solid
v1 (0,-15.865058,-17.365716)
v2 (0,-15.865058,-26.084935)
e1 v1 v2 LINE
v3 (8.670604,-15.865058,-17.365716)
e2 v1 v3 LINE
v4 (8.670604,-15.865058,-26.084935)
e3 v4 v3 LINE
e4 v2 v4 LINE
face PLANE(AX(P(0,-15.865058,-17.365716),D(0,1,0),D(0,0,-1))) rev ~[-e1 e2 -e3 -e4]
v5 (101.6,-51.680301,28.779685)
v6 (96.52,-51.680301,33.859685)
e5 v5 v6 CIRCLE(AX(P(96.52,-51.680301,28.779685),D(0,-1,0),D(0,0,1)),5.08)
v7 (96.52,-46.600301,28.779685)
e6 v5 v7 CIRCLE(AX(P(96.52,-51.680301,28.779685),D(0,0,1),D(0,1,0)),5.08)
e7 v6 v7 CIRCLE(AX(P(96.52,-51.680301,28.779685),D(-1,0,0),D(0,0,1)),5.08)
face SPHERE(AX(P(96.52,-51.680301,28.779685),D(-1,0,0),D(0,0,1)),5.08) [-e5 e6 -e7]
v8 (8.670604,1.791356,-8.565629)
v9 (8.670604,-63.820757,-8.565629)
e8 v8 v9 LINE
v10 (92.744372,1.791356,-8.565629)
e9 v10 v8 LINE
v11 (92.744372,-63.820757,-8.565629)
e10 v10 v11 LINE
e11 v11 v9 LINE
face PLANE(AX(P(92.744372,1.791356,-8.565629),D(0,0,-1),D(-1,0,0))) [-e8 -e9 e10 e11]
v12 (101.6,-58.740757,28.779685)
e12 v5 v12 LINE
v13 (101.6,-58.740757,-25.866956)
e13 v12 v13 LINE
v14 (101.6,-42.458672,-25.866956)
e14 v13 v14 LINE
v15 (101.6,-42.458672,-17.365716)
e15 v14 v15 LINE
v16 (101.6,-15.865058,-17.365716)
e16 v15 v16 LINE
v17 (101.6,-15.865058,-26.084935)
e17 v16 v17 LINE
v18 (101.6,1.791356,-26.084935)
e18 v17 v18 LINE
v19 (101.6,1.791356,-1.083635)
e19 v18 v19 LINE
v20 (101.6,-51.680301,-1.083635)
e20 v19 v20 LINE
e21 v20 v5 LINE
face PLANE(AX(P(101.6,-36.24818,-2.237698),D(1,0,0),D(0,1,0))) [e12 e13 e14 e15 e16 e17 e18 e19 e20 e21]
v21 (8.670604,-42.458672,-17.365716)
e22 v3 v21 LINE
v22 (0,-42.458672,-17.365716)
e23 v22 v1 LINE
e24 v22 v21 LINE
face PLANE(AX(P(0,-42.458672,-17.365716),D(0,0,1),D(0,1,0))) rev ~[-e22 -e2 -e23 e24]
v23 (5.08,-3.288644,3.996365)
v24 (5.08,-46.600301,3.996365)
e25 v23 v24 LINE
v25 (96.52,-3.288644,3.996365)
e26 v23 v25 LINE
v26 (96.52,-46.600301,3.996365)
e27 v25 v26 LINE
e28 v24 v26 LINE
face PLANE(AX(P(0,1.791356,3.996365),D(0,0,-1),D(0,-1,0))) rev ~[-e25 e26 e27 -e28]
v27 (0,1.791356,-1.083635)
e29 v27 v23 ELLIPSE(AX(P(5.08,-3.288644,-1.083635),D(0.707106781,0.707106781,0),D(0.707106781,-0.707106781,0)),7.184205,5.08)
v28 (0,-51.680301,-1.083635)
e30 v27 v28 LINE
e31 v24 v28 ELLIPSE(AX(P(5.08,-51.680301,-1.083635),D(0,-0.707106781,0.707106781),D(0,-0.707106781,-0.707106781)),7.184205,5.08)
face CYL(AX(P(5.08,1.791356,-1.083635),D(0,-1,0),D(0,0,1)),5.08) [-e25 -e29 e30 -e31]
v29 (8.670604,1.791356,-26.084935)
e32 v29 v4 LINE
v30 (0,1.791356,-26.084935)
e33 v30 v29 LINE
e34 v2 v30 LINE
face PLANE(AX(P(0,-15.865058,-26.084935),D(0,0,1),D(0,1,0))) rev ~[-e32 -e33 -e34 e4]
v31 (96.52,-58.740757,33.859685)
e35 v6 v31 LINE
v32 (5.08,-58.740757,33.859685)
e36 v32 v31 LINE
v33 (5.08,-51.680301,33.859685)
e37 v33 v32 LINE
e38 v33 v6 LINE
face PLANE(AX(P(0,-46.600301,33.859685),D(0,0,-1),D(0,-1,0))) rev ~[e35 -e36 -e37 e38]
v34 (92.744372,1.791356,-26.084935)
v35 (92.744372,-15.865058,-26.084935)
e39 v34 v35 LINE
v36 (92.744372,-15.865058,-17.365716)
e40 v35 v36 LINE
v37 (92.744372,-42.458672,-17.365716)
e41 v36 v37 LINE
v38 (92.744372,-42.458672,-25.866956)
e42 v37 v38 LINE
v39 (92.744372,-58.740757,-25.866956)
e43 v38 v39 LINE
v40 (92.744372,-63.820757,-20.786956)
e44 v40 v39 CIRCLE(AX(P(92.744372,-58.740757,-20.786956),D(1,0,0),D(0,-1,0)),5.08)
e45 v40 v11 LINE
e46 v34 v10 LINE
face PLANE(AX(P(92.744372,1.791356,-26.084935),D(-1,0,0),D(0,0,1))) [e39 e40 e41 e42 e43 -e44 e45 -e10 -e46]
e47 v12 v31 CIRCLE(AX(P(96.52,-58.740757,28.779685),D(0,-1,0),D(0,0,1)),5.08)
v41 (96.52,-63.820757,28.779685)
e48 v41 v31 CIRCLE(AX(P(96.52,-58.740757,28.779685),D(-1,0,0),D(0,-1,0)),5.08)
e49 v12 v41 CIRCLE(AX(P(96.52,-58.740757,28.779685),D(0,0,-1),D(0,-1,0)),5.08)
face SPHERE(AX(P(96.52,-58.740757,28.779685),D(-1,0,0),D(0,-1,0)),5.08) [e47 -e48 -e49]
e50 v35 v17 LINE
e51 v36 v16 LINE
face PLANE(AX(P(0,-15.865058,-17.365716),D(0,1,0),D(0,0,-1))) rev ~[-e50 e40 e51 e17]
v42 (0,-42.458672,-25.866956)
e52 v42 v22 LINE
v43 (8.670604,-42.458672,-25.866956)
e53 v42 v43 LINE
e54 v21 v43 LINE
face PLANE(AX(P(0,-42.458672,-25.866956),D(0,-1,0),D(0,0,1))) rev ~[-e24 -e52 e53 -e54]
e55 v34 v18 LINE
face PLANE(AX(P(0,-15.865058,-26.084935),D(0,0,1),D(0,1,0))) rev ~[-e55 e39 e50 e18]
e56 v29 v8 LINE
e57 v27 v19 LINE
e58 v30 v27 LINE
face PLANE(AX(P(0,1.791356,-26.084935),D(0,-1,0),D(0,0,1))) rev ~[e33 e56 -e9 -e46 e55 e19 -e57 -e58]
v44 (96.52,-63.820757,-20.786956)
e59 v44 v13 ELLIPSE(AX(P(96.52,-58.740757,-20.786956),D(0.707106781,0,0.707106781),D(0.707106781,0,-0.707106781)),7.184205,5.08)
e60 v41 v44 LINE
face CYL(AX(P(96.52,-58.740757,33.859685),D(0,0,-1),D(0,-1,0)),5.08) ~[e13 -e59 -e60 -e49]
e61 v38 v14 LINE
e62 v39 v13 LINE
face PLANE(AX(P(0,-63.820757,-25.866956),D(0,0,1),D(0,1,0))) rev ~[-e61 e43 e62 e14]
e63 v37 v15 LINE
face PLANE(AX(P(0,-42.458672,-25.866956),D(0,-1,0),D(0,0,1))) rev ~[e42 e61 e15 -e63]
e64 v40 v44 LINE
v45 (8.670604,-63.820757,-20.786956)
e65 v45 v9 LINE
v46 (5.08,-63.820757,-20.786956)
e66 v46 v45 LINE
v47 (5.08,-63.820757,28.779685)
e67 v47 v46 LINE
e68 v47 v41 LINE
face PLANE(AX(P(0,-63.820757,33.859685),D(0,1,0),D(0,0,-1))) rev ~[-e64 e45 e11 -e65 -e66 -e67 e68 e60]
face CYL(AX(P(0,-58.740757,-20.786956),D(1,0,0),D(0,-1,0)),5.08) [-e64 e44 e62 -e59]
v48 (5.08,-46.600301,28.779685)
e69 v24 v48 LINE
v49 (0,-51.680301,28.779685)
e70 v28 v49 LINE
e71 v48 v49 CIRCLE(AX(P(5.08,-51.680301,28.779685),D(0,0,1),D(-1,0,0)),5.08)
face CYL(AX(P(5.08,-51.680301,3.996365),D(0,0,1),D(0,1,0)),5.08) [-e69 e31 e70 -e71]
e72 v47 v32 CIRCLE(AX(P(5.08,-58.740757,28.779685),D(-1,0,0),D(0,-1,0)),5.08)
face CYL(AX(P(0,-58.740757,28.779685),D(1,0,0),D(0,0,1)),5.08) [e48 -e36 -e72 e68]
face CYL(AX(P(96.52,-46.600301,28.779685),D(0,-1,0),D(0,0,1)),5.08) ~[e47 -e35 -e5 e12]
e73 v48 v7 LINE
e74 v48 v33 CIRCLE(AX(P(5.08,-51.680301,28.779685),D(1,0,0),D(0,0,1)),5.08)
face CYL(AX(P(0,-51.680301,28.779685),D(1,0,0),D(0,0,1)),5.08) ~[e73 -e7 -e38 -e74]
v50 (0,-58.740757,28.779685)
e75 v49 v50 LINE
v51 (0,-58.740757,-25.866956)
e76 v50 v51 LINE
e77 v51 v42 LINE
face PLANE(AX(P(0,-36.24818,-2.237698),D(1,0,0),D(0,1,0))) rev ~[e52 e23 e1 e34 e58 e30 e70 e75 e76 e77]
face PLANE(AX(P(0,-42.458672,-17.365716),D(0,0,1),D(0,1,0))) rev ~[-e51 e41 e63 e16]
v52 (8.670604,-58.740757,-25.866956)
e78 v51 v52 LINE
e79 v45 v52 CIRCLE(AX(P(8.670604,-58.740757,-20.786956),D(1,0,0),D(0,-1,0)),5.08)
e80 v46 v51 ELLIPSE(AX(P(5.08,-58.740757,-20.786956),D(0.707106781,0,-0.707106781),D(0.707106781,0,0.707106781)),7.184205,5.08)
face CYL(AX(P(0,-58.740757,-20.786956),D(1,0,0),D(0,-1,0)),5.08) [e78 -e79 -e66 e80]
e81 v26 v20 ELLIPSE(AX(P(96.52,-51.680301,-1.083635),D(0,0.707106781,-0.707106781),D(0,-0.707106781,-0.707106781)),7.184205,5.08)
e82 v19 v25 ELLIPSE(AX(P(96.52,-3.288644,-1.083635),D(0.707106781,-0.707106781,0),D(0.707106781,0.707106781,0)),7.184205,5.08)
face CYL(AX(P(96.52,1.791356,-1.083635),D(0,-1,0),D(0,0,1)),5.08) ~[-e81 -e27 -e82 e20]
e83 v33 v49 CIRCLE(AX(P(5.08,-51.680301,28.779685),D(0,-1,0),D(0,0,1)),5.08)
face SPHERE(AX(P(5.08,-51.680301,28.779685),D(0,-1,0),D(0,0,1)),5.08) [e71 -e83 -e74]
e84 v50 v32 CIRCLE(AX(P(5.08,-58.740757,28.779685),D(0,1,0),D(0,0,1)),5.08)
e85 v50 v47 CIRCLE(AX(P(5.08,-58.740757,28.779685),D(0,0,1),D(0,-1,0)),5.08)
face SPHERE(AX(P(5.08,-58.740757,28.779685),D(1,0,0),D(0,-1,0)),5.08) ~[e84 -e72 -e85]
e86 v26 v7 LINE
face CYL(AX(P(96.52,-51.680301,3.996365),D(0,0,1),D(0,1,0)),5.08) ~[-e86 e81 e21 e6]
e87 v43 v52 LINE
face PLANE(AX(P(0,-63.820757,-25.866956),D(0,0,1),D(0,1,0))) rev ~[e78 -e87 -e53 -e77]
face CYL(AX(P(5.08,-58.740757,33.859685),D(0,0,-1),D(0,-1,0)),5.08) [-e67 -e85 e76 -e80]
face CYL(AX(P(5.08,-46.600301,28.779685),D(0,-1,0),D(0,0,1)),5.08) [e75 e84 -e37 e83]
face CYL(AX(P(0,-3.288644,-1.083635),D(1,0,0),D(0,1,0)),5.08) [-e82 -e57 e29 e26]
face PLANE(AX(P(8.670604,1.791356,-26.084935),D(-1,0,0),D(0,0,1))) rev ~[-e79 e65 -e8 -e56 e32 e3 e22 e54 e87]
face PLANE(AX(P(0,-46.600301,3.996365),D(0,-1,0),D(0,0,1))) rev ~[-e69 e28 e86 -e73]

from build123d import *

# Parameters (mm, degrees)
F1_DEPTH = 101.6
F2_R     = 5.08
F3_W     = 84.073769
F3_H     = 17.519306
F4_DEPTH = 65.613113


with BuildPart() as f1:
    # F0 (on Right) → F1 (new body)
    with BuildSketch(Plane.YZ):
        Polygon((-46.600301, 33.859685), (-63.820757, 33.859685), (-63.820757, -25.866956), (-42.458672, -25.866956), (-42.458672, -17.365716), (-15.865058, -17.365716), (-15.865058, -26.084935), (1.791356, -26.084935), (1.791356, 3.996365), (-46.600301, 3.996365), align=None)
    extrude(amount=F1_DEPTH)

    # F2
    f2_edges = [f1.edges().sort_by_distance(p)[0] for p in [
        (50.8, -63.820757, 33.859685),
        (50.8, -63.820757, -25.866956),
        (0, -63.820757, 3.996365),
        (101.6, -63.820757, 3.996365),
        (50.8, 1.791356, 3.996365),
        (101.6, -22.404472, 3.996365),
        (0, -22.404472, 3.996365),
        (0, -55.210529, 33.859685),
        (50.8, -46.600301, 33.859685),
        (101.6, -55.210529, 33.859685),
        (101.6, -46.600301, 18.928025),
        (0, -46.600301, 18.928025),
    ]]
    fillet(f2_edges, radius=F2_R)

    # F3 (on face) → F4 (cut, through all)
    with BuildSketch(Plane(origin=(0, 1.791356, 0), x_dir=(-1, 0, 0), z_dir=(0, 1, 0))):
        with Locations((-50.707488, -17.325282)):
            Rectangle(F3_W, F3_H)
    extrude(amount=-F4_DEPTH, mode=Mode.SUBTRACT)


solid = f1.part
